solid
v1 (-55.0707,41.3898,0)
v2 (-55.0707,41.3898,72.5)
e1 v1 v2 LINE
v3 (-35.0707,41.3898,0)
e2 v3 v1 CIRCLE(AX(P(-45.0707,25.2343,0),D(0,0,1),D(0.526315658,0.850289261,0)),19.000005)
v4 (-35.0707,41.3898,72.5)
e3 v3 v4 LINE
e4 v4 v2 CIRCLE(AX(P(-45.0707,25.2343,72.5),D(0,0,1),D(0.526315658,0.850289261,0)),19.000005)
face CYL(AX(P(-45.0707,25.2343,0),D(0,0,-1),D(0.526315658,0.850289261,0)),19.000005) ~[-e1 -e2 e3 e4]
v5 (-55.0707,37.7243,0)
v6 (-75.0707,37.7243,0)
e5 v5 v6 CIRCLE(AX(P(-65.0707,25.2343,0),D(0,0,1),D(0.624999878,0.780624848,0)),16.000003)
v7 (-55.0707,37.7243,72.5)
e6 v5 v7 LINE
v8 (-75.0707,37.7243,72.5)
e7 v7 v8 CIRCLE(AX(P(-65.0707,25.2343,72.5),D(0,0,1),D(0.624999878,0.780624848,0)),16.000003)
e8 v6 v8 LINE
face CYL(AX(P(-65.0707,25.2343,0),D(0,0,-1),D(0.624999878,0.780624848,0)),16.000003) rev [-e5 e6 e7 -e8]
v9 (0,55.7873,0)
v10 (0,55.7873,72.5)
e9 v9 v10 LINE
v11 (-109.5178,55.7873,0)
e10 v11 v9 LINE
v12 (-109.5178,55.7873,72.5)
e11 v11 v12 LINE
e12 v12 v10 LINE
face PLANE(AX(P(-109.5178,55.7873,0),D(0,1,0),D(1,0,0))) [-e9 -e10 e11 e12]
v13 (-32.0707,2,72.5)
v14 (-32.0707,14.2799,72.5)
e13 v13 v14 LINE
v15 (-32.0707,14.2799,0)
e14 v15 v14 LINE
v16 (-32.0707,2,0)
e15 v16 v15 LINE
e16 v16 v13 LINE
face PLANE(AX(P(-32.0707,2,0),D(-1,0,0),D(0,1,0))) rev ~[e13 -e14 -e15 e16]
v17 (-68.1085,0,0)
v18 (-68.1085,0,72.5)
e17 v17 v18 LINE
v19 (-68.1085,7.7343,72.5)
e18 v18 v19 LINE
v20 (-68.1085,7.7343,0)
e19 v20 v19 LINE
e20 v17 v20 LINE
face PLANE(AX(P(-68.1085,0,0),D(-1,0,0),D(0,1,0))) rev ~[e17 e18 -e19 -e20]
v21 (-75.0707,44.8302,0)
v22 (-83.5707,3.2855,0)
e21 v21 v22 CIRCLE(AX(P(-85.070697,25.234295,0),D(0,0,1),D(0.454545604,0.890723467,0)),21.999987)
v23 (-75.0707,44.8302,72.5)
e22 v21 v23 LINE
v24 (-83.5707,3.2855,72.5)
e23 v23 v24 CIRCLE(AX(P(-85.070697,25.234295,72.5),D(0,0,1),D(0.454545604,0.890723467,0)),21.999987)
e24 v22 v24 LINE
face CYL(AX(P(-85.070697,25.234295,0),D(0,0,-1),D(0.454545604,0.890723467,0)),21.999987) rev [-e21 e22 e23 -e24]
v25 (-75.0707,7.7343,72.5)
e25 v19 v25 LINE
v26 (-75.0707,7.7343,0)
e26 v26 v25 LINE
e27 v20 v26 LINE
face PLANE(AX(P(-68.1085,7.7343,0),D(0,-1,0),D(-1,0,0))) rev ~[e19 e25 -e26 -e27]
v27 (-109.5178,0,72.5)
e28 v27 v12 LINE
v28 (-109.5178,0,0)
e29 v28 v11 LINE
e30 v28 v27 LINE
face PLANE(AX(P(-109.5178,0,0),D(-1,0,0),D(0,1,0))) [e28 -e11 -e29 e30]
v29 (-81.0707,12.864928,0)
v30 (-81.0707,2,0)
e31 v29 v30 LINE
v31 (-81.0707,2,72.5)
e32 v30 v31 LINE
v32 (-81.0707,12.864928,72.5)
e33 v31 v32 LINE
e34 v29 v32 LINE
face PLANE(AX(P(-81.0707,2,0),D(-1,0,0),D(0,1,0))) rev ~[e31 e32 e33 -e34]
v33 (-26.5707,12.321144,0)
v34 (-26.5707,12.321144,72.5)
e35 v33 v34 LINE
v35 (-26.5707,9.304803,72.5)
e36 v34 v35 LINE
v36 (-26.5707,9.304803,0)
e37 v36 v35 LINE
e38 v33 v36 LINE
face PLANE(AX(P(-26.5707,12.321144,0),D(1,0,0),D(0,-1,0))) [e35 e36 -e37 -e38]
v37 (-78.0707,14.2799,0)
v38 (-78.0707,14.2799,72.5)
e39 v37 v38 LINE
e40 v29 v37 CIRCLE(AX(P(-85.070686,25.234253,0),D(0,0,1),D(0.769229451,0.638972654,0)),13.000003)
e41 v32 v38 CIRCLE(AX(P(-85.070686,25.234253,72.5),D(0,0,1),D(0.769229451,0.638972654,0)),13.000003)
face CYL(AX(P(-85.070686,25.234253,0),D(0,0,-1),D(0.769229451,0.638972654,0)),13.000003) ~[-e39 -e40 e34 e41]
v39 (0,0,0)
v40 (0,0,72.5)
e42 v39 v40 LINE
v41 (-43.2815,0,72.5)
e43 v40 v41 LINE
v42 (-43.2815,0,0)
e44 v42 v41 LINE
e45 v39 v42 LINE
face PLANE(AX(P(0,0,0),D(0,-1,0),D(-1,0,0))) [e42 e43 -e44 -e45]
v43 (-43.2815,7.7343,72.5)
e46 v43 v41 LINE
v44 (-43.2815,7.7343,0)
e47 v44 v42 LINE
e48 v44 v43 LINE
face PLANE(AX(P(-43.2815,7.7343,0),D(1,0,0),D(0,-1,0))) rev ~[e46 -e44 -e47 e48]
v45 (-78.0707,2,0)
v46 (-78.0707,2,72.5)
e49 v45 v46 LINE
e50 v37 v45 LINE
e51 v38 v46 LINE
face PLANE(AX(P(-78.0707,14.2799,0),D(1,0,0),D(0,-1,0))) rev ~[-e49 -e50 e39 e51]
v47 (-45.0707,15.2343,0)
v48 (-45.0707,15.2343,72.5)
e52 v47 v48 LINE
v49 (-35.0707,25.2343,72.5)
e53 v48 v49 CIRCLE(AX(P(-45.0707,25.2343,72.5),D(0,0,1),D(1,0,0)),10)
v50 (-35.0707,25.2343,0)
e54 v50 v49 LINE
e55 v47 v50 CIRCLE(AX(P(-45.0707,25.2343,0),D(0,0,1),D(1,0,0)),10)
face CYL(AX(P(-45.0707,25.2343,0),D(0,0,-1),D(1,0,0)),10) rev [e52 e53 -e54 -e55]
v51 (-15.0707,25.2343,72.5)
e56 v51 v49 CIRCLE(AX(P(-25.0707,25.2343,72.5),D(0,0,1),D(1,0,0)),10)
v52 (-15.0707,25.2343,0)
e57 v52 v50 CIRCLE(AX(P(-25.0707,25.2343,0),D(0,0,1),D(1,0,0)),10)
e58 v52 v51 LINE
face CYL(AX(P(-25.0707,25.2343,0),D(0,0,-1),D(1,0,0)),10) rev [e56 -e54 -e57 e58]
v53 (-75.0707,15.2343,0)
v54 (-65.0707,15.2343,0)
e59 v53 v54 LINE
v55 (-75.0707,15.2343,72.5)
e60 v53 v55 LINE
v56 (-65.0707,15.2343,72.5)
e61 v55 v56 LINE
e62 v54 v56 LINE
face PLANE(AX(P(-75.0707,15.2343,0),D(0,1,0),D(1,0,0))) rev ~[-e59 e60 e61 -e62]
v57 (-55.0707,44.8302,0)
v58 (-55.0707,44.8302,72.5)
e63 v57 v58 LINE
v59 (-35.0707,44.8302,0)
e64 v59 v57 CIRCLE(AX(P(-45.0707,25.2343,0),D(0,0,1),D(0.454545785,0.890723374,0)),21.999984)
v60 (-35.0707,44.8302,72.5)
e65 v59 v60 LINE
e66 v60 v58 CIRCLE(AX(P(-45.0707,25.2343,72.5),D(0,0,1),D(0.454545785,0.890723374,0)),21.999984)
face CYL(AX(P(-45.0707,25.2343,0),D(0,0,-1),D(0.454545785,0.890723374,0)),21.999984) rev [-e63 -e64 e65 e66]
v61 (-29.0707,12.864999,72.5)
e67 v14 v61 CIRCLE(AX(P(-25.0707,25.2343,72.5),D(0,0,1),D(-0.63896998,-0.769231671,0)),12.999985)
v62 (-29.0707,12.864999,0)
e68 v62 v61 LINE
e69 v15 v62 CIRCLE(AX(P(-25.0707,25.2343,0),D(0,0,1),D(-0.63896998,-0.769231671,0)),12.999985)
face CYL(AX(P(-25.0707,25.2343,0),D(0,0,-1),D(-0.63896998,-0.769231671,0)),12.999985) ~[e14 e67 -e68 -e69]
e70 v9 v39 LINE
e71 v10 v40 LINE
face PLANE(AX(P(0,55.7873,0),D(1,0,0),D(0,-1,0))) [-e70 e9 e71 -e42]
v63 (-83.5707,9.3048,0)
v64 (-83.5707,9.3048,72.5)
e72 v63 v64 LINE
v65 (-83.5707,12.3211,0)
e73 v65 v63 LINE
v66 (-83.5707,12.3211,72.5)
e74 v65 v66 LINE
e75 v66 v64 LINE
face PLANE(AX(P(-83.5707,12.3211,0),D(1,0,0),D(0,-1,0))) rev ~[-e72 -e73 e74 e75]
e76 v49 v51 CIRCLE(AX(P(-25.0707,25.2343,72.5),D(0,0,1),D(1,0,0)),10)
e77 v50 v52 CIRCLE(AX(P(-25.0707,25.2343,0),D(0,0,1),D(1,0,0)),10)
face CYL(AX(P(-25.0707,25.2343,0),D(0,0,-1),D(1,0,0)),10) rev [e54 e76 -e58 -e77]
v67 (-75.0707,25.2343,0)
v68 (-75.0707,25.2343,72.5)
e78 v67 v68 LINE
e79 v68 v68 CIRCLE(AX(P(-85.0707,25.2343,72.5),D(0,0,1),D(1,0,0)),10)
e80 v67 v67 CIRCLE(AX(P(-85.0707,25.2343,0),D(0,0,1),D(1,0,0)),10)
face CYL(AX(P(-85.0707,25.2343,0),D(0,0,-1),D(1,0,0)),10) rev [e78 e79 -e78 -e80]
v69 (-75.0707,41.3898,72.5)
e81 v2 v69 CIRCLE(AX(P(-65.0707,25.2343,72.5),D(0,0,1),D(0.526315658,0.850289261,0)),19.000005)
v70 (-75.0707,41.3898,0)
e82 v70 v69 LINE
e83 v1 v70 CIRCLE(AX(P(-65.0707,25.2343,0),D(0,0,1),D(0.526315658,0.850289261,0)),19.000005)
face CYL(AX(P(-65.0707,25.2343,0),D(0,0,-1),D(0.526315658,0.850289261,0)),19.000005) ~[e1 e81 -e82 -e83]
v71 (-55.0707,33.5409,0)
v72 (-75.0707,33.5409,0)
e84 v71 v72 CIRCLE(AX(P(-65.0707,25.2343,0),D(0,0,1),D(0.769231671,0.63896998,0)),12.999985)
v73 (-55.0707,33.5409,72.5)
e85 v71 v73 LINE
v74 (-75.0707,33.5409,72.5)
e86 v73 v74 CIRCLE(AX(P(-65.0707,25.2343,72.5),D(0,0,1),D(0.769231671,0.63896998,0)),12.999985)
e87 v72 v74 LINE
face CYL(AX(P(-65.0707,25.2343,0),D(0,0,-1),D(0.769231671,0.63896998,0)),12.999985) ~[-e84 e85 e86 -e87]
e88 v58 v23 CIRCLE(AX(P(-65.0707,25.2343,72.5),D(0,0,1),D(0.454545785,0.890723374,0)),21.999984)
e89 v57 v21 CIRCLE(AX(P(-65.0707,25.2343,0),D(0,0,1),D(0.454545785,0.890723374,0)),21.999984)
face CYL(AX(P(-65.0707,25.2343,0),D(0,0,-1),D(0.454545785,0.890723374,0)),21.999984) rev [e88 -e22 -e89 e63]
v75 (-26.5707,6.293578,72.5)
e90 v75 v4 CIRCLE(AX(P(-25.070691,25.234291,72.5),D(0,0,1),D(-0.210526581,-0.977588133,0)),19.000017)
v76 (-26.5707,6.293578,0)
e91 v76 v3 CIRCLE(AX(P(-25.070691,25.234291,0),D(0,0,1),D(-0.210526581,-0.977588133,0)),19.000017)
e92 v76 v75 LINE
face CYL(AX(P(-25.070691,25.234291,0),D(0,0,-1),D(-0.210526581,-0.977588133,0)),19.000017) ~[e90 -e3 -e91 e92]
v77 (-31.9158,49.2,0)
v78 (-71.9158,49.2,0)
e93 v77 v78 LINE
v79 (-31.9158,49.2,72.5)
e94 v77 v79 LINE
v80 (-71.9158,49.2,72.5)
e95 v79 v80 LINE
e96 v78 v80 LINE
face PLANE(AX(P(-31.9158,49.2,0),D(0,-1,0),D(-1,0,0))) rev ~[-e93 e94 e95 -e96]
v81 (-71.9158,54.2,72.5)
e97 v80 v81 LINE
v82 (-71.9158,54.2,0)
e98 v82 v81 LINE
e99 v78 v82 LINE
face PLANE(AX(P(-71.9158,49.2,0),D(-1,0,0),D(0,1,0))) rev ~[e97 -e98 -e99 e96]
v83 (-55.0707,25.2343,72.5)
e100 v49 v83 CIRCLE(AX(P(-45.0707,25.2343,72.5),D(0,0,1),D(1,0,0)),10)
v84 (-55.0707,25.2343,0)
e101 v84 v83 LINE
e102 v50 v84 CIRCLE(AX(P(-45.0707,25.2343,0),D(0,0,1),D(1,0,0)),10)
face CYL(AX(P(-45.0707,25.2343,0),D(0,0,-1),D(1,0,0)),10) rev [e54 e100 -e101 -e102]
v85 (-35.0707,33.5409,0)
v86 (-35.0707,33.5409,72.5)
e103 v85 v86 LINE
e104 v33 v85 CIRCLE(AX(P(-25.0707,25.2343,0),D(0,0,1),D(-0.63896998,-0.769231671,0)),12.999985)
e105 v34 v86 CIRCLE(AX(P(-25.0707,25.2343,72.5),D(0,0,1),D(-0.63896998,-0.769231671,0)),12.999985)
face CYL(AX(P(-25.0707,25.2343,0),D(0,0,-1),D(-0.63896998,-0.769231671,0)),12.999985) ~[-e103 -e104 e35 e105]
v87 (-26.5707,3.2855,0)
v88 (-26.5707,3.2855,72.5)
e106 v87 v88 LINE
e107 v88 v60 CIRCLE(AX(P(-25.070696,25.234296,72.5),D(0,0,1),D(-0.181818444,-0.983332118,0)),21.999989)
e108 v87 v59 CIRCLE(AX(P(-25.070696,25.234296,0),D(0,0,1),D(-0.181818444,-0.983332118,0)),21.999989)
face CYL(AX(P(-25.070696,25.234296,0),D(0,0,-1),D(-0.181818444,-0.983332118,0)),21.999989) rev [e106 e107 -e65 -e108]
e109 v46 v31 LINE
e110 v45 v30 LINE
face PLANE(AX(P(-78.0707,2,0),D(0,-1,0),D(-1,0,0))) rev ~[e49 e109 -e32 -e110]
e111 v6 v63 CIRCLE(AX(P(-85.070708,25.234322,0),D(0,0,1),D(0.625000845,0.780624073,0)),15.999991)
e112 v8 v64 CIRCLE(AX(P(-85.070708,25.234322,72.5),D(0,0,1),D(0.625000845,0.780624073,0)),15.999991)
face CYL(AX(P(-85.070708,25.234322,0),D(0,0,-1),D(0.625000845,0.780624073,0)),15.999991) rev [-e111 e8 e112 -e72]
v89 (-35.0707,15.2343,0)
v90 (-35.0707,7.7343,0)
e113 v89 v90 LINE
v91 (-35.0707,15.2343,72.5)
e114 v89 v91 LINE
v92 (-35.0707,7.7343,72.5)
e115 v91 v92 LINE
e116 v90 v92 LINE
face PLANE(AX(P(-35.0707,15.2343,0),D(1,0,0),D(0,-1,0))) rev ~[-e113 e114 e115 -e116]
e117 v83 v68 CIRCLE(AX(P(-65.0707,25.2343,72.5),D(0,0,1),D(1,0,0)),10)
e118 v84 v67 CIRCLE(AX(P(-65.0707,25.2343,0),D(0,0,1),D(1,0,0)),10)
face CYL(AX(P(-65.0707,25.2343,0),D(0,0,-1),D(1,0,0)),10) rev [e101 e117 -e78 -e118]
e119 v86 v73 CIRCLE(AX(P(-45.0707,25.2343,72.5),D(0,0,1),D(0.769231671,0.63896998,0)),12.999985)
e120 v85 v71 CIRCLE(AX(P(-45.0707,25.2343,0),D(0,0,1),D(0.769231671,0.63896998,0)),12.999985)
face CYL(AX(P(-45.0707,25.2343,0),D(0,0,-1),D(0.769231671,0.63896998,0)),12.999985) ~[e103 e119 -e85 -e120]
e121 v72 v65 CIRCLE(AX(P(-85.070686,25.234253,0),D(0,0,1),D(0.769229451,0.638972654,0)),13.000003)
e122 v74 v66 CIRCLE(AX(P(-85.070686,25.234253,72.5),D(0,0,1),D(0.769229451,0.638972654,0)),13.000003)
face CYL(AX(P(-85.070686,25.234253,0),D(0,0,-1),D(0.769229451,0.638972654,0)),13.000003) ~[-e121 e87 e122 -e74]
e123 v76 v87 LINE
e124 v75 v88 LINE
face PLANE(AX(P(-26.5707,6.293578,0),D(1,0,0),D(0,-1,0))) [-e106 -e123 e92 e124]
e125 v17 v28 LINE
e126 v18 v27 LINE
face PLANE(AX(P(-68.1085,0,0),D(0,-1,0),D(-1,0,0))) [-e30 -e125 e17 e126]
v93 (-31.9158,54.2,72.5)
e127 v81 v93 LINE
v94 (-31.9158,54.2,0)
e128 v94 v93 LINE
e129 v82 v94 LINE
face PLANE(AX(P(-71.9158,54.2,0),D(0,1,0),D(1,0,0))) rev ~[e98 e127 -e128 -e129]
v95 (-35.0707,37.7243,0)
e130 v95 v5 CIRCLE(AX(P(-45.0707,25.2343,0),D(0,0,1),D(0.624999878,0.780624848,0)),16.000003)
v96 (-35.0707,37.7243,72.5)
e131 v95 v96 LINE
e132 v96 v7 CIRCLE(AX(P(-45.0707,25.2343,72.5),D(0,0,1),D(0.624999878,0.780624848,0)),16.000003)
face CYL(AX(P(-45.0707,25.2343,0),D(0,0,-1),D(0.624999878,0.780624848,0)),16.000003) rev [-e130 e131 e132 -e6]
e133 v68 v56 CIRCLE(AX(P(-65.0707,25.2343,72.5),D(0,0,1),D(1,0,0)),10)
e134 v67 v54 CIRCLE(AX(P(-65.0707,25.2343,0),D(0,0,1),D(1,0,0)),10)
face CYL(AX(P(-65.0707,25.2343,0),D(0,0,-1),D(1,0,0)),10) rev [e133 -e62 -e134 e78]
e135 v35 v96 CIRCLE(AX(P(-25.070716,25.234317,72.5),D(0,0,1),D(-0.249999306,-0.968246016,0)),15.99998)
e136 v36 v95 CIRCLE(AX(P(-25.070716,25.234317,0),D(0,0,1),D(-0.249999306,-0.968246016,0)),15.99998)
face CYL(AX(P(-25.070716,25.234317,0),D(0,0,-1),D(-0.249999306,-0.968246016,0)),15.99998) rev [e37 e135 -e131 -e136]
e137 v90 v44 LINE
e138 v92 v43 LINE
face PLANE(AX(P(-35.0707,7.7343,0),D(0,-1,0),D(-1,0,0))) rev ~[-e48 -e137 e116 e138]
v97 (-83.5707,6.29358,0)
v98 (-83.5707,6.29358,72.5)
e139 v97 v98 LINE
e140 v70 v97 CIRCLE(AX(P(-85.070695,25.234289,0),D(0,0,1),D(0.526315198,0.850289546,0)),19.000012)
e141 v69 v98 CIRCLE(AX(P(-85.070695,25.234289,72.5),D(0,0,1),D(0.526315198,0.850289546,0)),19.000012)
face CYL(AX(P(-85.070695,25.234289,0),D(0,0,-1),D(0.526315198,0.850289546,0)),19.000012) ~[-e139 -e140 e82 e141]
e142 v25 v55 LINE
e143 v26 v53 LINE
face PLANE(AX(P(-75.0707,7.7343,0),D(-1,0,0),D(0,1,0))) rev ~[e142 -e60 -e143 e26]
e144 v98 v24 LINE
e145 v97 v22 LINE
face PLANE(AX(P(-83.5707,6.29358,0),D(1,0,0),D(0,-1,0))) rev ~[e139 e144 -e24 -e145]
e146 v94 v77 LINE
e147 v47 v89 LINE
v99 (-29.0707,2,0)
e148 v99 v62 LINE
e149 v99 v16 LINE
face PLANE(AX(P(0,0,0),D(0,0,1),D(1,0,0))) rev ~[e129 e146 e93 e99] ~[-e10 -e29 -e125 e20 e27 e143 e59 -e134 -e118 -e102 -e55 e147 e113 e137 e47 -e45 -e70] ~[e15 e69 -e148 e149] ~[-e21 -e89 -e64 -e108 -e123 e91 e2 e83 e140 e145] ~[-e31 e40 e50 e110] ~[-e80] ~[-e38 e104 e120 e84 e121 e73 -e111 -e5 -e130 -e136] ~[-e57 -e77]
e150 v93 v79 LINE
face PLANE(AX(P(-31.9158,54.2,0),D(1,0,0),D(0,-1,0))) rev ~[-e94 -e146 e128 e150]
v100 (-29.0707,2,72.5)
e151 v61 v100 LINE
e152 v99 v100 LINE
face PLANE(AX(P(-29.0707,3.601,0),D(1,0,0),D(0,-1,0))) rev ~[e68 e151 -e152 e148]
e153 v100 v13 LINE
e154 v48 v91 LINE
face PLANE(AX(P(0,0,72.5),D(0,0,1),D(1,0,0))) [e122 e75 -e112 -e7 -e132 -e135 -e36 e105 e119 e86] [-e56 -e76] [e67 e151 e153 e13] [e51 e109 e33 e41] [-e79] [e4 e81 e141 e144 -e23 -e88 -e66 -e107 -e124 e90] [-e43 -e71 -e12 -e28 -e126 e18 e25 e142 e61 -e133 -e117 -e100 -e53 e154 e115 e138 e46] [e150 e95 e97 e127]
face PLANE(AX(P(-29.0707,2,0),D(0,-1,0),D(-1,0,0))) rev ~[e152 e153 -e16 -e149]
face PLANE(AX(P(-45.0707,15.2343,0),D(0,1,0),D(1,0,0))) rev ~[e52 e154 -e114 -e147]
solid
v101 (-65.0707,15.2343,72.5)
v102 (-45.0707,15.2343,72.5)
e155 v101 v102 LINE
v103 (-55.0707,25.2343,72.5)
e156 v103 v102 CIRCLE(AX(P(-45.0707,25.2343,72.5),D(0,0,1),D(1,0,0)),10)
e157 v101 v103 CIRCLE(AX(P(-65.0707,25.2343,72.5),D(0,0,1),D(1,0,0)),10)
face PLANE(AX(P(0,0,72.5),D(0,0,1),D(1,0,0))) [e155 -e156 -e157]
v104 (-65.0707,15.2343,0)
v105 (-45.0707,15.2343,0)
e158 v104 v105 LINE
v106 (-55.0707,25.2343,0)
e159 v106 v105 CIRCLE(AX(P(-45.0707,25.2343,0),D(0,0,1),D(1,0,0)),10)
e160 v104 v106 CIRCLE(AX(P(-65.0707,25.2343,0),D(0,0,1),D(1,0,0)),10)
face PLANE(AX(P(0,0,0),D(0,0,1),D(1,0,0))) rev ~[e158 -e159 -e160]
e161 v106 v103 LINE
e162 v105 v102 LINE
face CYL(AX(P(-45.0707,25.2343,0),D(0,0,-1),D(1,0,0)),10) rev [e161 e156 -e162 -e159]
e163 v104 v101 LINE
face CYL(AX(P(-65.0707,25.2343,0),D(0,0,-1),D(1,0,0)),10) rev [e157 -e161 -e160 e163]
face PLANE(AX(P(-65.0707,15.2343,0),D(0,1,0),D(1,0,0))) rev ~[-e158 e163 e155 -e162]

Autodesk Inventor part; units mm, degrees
ref_plane "YZ Plane" through (0, 0, 0) normal (1, 0, 0) x (0, 1, 0)
ref_plane "XZ Plane" through (0, 0, 0) normal (0, 1, 0) x (-1, 0, 0)
ref_plane "XY Plane" through (0, 0, 0) normal (0, 0, 1) x (1, 0, 0)
sketch "Sketch2" plane through (0, 0, 0) normal (0, 0, 1) x (1, 0, 0)
  line L0 (0, 0) -> (-109.5178, 0)
  line L1 (-109.5178, 0) -> (-109.5178, 55.7873)
  line L2 (-109.5178, 55.7873) -> (0, 55.7873)
  line L3 (0, 55.7873) -> (0, 0)
  circle A0 centre (-85.0707, 25.2343) radius 10
  circle A1 centre (-65.0707, 25.2343) radius 10
  circle A2 centre (-45.0707, 25.2343) radius 10
  circle A3 centre (-25.0707, 25.2343) radius 10
  line L4 (-71.9158, 54.2) -> (-31.9158, 54.2)
  line L5 (-31.9158, 54.2) -> (-31.9158, 49.2)
  line L6 (-31.9158, 49.2) -> (-71.9158, 49.2)
  line L7 (-71.9158, 49.2) -> (-71.9158, 54.2)
  line L8 (-68.1085, 0) -> (-68.1085, 7.7343)
  line L9 (-68.1085, 7.7343) -> (-75.0707, 7.7343)
  line L10 (-75.0707, 7.7343) -> (-75.0707, 15.2343)
  line L11 (-75.0707, 15.2343) -> (-35.0707, 15.2343)
  line L12 (-35.0707, 15.2343) -> (-35.0707, 7.7343)
  line L13 (-35.0707, 7.7343) -> (-43.2815, 7.7343)
  line L14 (-43.2815, 7.7343) -> (-43.2815, 0)
  arc A4 (-75.0707, 33.5409) -> (-76.764, 15.2343) centre (-85.0707, 25.2343) ccw
  arc A5 (-55.0707, 33.5409) -> (-75.0707, 33.5409) centre (-65.0707, 25.2343) ccw
  arc A6 (-35.0707, 33.5409) -> (-55.0707, 33.5409) centre (-45.0707, 25.2343) ccw
  arc A7 (-33.3773, 15.2343) -> (-35.0707, 33.5409) centre (-25.0707, 25.2343) ccw
  line L15 (-76.764, 15.2343) -> (-75.0707, 15.2343)
  line L16 (-33.3773, 15.2343) -> (-35.0707, 15.2343)
  arc A8 (-75.0707, 37.7243) -> (-81.0707, 9.7424) centre (-85.0707, 25.2343) ccw
  arc A9 (-55.0707, 37.7243) -> (-75.0707, 37.7243) centre (-65.0707, 25.2343) ccw
  arc A10 (-35.0707, 37.7243) -> (-55.0707, 37.7243) centre (-45.0707, 25.2343) ccw
  arc A11 (-29.0707, 9.7424) -> (-35.0707, 37.7243) centre (-25.0707, 25.2343) ccw
  line L17 (-78.0707, 2) -> (-81.0707, 2)
  line L18 (-81.0707, 2) -> (-81.0707, 14.2799)
  line L19 (-81.0707, 14.2799) -> (-78.0707, 14.2799)
  line L20 (-78.0707, 14.2799) -> (-78.0707, 2)
  line L21 (-83.5707, 12.3211) -> (-83.5707, 3.2855)
  line L22 (-32.0707, 14.2799) -> (-29.0707, 14.2799)
  line L23 (-29.0707, 14.2799) -> (-29.0707, 2)
  line L24 (-29.0707, 2) -> (-32.0707, 2)
  line L25 (-32.0707, 2) -> (-32.0707, 14.2799)
  line L26 (-26.5707, 12.8374) -> (-26.5707, 3.2855)
  arc A12 (-75.0707, 41.3898) -> (-81.0707, 6.6601) centre (-85.0707, 25.2343) ccw
  arc A13 (-55.0707, 41.3898) -> (-75.0707, 41.3898) centre (-65.0707, 25.2343) ccw
  arc A14 (-35.0707, 41.3898) -> (-55.0707, 41.3898) centre (-45.0707, 25.2343) ccw
  arc A15 (-29.0707, 6.6601) -> (-35.0707, 41.3898) centre (-25.0707, 25.2343) ccw
  arc A16 (-75.0707, 44.8302) -> (-81.0707, 3.601) centre (-85.0707, 25.2343) ccw
  arc A17 (-55.0707, 44.8302) -> (-75.0707, 44.8302) centre (-65.0707, 25.2343) ccw
  arc A18 (-35.0707, 44.8302) -> (-55.0707, 44.8302) centre (-45.0707, 25.2343) ccw
  arc A19 (-29.0707, 3.601) -> (-35.0707, 44.8302) centre (-25.0707, 25.2343) ccw
  point P0 (-75.0707, 25.2343)
  point P1 (-55.0707, 25.2343)
  point P2 (-35.0707, 25.2343)
  point P3 (-83.5707, 9.3048)
  point P4 (-26.5707, 9.3048)
  point P5 (-26.5707, 12.3211)
  point P6 (-29.0707, 12.865)
  point P7 (-81.0707, 12.865)
  point P8 (-65.0707, 15.2343)
  point P9 (-45.0707, 15.2343)
  point P10 (-83.5707, 6.2936)
  point P11 (-26.5707, 6.2936)
  dimension "d10" = 20
  dimension "d11" = 20
  dimension "d12" = 20
  dimension "d13" = 20
  dimension "d14" = 20
  dimension "d15" = 20
  dimension "d16" = 20
  dimension "d17" = 5
  dimension "d18" = 40
  dimension "d21" = 7.5
  dimension "d22" = 40
  dimension "d23" = 3
  dimension "d24" = 3
  dimension "d25" = 3
  dimension "d26" = 3
  dimension "d27" = 1.6934
  dimension "d28" = 1.6934
  dimension "d29" = 3
  dimension "d30" = 3
  dimension "d31" = 3
  dimension "d32" = 3
  dimension "d33" = 3
  dimension "d34" = 2
  dimension "d35" = 2.5
  dimension "d36" = 3
  dimension "d37" = 3
  dimension "d38" = 3
  dimension "d39" = 2
  dimension "d40" = 2.5
  dimension "d41" = 3
  dimension "d42" = 3
  dimension "d43" = 3
  dimension "d44" = 3
  dimension "d45" = 3
  dimension "d46" = 3
  dimension "d47" = 3
  dimension "d48" = 3
extrude "Extrusion1" add sketch "Sketch2" along normal blind 72.5 contours L0 L14 L13 L12 L16 A7 L25 L24 L23 A19 A18 A17 A16 L18 L17 L20 A4 L15 L10 L9 L8 L1 L2 L3 | L11 A2 A1 L15 A4 L19 L18 A5 A6 A7 L23 L22 L16 | L11 A1 A2 | L22 L23 A7 | A4 L18 L19 | A7 L26 A11 L23 | L18 A8 L21 A4 | A11 L26 A15 L23 | L18 A12 L21 A8 | A11 A10 A9 A8 L21 A12 A13 A14 A15 L26 | A15 L26 A19 L23 | L18 A16 L21 A12
equation "\"d11\" = d10"
equation "\"d12\" = d10"
equation "\"d13\" = d10"
equation "\"d15\" = d14"
equation "\"d16\" = d14"
equation "\"d24\" = d23"
equation "\"d25\" = d23"
equation "\"d26\" = d23"
equation "\"d27\" = d28"
equation "\"d30\" = d29"
equation "\"d31\" = d29"
equation "\"d32\" = d29"
